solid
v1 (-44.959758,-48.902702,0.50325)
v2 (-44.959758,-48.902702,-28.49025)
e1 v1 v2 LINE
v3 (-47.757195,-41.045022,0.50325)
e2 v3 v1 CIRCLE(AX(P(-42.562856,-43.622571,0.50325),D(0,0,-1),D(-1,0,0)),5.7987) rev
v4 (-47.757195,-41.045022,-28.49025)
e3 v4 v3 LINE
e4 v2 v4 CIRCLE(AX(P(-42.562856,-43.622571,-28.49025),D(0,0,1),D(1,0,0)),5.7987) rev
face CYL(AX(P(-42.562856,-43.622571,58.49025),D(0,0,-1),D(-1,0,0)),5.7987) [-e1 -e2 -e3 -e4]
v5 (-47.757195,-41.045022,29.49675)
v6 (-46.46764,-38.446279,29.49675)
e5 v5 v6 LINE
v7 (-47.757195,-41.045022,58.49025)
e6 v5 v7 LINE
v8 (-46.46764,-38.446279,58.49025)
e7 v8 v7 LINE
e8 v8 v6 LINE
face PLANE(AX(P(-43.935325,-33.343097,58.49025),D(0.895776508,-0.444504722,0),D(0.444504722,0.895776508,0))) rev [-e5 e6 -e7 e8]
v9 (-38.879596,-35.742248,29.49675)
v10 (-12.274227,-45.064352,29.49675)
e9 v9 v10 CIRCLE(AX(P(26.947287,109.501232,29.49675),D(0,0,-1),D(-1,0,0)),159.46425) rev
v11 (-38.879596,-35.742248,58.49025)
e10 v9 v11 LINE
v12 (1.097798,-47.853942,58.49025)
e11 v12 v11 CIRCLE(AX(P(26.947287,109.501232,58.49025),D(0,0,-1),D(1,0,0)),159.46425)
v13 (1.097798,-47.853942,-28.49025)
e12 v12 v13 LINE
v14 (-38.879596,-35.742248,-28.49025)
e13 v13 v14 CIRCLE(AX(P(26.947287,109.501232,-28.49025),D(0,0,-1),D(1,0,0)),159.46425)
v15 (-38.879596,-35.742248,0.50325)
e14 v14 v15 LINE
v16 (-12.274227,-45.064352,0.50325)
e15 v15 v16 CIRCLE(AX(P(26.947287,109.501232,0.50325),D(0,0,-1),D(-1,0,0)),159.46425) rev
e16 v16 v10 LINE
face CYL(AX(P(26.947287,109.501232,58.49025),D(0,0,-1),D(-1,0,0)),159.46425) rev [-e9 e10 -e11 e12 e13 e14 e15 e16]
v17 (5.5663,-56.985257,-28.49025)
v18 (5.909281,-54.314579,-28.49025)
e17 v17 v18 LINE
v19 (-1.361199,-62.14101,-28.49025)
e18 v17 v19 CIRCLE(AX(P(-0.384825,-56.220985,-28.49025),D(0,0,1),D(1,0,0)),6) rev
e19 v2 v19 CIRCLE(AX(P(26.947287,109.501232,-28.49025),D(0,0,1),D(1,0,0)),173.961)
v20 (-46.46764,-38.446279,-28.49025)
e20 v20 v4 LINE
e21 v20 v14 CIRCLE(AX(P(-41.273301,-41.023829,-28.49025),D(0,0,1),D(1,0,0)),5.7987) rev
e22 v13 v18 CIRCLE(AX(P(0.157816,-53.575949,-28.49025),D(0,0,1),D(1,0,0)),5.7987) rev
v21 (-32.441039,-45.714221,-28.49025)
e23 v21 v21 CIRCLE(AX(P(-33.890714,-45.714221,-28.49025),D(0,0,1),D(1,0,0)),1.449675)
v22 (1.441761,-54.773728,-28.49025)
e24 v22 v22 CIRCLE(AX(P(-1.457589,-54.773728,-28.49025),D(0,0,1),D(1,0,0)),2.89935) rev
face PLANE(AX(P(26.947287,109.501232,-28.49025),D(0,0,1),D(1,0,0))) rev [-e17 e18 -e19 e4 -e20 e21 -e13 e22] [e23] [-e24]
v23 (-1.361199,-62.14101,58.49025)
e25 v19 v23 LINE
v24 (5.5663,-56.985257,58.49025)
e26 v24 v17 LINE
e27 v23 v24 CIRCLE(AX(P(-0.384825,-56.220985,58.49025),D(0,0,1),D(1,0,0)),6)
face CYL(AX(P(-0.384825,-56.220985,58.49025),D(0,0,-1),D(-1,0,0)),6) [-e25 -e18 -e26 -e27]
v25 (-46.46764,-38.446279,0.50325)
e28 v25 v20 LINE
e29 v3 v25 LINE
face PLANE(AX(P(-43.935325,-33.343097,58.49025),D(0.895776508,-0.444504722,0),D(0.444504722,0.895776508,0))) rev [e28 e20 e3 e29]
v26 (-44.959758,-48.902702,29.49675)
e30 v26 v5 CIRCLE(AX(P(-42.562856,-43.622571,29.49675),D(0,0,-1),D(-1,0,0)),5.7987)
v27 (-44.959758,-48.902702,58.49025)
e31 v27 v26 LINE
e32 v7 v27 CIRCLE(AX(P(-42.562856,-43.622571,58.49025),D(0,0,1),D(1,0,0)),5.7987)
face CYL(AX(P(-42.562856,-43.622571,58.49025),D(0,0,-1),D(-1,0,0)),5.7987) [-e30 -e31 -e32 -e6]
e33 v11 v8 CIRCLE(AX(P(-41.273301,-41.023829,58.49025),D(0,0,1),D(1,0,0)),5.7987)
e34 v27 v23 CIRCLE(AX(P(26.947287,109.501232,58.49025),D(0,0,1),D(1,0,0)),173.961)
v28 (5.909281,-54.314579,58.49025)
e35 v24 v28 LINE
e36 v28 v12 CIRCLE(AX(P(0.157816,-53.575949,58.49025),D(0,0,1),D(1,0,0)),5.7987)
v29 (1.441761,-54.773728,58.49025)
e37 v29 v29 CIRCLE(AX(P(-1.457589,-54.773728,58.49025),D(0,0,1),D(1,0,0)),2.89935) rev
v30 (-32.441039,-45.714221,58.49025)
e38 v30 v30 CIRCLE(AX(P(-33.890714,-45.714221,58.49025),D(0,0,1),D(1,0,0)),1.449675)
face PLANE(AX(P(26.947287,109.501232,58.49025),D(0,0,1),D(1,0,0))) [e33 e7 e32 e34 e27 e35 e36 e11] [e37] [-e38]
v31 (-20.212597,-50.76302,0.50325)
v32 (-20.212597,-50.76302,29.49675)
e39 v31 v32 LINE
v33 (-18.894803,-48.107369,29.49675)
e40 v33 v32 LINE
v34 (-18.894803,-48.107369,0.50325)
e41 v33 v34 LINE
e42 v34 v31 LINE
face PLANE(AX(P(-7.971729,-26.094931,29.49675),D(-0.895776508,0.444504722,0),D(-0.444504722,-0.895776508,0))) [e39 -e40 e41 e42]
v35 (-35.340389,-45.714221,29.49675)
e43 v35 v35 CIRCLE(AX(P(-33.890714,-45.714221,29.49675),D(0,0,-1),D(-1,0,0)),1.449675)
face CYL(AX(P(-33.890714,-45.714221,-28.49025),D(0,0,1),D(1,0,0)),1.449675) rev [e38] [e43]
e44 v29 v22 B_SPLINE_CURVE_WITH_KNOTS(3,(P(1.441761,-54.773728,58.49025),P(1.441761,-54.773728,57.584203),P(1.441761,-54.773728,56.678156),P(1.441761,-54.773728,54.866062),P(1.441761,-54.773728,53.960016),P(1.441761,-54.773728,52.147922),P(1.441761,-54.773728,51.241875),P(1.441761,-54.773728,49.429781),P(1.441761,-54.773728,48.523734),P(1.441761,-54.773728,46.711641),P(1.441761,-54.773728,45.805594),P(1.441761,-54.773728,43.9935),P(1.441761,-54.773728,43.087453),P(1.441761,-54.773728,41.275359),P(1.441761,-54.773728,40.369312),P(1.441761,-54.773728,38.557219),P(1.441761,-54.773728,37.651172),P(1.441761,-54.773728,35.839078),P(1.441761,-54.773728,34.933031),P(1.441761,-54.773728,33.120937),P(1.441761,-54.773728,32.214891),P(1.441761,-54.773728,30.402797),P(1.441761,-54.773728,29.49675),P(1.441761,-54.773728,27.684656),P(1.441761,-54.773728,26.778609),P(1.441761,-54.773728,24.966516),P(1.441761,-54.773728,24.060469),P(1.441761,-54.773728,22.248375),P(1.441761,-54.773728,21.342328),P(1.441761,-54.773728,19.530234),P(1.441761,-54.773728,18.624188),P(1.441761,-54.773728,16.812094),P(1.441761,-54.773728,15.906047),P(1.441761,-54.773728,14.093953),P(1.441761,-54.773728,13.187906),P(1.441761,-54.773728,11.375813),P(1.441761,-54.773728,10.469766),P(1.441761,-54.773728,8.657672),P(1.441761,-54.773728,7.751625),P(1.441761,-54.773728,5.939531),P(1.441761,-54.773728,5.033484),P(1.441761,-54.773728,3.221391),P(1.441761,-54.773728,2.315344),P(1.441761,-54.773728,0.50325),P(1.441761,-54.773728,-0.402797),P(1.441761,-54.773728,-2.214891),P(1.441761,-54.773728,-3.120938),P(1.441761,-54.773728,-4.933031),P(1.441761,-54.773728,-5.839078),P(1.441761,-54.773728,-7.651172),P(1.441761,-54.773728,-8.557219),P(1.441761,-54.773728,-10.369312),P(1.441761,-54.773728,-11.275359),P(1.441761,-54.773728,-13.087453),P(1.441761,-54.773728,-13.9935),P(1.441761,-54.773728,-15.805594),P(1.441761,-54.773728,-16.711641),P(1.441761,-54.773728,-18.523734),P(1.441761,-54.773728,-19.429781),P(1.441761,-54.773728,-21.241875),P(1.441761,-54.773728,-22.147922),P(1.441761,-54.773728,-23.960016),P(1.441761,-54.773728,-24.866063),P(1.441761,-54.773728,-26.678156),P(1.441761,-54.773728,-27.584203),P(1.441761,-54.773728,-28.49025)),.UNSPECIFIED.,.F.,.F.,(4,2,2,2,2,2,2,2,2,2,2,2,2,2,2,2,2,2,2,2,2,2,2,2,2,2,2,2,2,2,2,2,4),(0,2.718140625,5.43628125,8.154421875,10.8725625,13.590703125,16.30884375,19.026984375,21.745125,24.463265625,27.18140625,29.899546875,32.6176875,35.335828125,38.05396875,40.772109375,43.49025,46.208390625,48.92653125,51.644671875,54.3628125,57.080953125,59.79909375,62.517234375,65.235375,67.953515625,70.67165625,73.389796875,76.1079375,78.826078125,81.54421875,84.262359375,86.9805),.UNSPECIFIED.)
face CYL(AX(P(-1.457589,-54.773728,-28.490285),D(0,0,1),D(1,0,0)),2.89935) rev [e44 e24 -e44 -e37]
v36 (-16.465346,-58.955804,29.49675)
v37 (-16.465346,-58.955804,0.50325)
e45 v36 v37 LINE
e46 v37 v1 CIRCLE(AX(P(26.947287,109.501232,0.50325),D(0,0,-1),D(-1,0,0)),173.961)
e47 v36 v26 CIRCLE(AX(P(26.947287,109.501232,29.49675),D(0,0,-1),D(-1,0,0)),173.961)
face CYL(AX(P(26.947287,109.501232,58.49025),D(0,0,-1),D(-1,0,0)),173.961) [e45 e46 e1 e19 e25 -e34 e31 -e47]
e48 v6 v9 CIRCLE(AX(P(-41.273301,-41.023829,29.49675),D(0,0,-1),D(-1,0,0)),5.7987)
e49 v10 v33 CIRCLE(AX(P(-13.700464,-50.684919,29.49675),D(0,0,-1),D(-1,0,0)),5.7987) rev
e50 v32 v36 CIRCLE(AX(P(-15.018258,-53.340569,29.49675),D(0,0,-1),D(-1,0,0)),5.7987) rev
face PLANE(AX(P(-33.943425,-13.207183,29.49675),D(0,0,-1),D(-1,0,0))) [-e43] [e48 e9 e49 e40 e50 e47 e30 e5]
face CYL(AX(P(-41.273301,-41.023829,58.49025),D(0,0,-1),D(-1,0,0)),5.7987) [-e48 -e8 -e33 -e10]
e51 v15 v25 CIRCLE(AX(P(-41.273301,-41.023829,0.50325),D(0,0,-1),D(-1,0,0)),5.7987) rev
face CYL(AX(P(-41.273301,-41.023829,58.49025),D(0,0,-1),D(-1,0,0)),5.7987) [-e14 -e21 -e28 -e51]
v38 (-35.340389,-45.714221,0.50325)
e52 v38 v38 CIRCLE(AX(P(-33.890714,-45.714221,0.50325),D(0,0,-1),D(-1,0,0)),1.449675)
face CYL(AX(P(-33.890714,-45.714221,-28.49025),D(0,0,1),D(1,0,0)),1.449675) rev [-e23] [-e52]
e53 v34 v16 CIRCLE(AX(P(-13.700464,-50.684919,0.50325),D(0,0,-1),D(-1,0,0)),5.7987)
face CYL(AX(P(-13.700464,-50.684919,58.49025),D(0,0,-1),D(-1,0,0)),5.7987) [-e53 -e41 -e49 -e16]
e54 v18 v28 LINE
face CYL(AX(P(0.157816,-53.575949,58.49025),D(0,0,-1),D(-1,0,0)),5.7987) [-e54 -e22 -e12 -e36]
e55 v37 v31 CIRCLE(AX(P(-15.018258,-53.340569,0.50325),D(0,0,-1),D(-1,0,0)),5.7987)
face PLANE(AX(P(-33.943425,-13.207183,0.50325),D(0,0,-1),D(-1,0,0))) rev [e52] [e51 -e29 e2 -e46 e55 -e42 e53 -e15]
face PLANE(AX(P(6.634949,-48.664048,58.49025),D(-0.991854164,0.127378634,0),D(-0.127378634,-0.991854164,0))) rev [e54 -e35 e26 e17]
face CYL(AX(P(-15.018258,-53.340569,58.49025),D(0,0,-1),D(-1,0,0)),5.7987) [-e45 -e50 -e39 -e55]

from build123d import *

# Parameters (mm, degrees)
BOSS_EXTRUDE1_DEPTH     = 30
SKETCH2_W               = 10
SKETCH2_H               = 10
CUT_EXTRUDE2_DEPTH      = 37.330733855
SKETCH3_R               = 0.5
CUT_EXTRUDE3_DEPTH      = 30
FILLET1_R               = 2
SKETCH4_W               = 30
SKETCH4_H               = 5
BOSS_EXTRUDE2_DEPTH     = 10
FILLET2_R               = 2
FILLET3_R               = 2
CUT_EXTRUDE4_DEPTH      = 80.110177146
SKETCH6_W               = 10
SKETCH6_H               = 6
SKETCH8_W               = 10
SKETCH8_H               = 2.121165988
CUT_EXTRUDE5_DEPTH      = 80.110177146
FILLET4_R               = 8
CUT_EXTRUDE6_DEPTH      = 80.110177146
CUT_EXTRUDE6_DEPTH_BACK = 50
SCALE1_SCALE            = 1.9329
SCALE2_SCALE            = 1.5
CUT_EXTRUDE7_DEPTH      = 134.461525953
CUT_EXTRUDE7_DEPTH_BACK = 134.461525953
SKETCH10_R              = 280.344567012
SKETCH10_R_2            = 173.961
FILLET5_R               = 6


with BuildPart() as part:
    # Sketch1 → Boss-Extrude1 (new body)
    with BuildSketch(Plane.XY):
        with BuildLine():
            Line((-24.447759697, -49.267707941), (-26.670283306, -53.746590482))
            ThreePointArc((-26.670283306, -53.746590482), (-17.396934794, -57.422527459), (-7.642718065, -59.511249866))
            Line((-7.642718065, -59.511249866), (-7.005824893, -54.551979044))
            ThreePointArc((-7.005824893, -54.551979044), (-15.947190228, -52.637316837), (-24.447759697, -49.267707941))
        make_face()
    extrude(amount=BOSS_EXTRUDE1_DEPTH)

    # Sketch2 → Cut-Extrude2 (cut, through all)
    with BuildSketch(Plane(origin=(-26.670283306, -53.746590482, 0), x_dir=(0, 0, -1), z_dir=(0.4445047217595844, 0.8957765080272169, 0))):
        with Locations((-15, -5)):
            Rectangle(SKETCH2_W, SKETCH2_H)
    extrude(amount=CUT_EXTRUDE2_DEPTH, mode=Mode.SUBTRACT)

    # Sketch3 → Cut-Extrude3 (cut)
    with BuildSketch(Plane.XY.offset(30)):
        with Locations((-20.983324138, -53.534569281)):
            Circle(SKETCH3_R)
    extrude(amount=-CUT_EXTRUDE3_DEPTH, mode=Mode.SUBTRACT)

    # Fillet1
    fillet1_edges = [part.edges().sort_by_distance(p)[0] for p in [
        (-26.670283306, -53.746590482, 5),
        (-24.447759697, -49.267707941, 5),
        (-15.082503417, -52.891569183, 15),
        (-17.339488899, -57.439900111, 15),
        (-26.670283306, -53.746590482, 25),
        (-24.447759697, -49.267707941, 25),
    ]]
    fillet(fillet1_edges, radius=FILLET1_R)

    # Sketch4 → Boss-Extrude2 (add)
    with BuildSketch(Plane(origin=(-7.515339431, -58.519395701, 0), x_dir=(0, 0, -1), z_dir=(-0.12737863441697944, -0.9918541644284535, 0))):
        with Locations((-15, -2.5)):
            Rectangle(SKETCH4_W, SKETCH4_H)
    extrude(amount=BOSS_EXTRUDE2_DEPTH)

    # Fillet2
    fillet2_edges = [part.edges().sort_by_distance(p)[0] for p in [
        (-12.575405439, -58.667360415, 15),
    ]]
    fillet(fillet2_edges, radius=FILLET2_R)

    # Fillet3
    fillet3_edges = [part.edges().sort_by_distance(p)[0] for p in [
        (-7.005824893, -54.551979044, 15),
    ]]
    fillet(fillet3_edges, radius=FILLET3_R)

    # Sketch5 → Cut-Extrude4 (cut, through all)
    with BuildSketch(Plane.XY.offset(30)):
        with BuildLine():
            ThreePointArc((-10.9503146, -65.639855348), (-11.509930999, -66.072093113), (-11.077693234, -66.631709513))
            Line((-11.077693234, -66.631709513), (-10.9503146, -65.639855348))
        make_face()
        with BuildLine():
            Line((-10.9503146, -65.639855348), (-11.077693234, -66.631709513))
            ThreePointArc((-11.077693234, -66.631709513), (-10.683734829, -66.51117866), (-10.514003917, -66.135782431))
            ThreePointArc((-10.514003917, -66.135782431), (-10.638607687, -65.805513342), (-10.9503146, -65.639855348))
        make_face()
    extrude(amount=-CUT_EXTRUDE4_DEPTH, mode=Mode.SUBTRACT)

    # Cut-Sweep1: sweep along a path in Sketch7
    with BuildLine(Plane.XY) as cut_sweep1_path:
        Line((-8.024853968, -62.486812359), (-12.806249613, -60.46486559))
    # Sketch6 → Cut-Sweep1 (sweep, cut)
    with BuildSketch(Plane(origin=(0, 0, 0), x_dir=(0, 0, -1), z_dir=(0.9918541644284535, -0.1273786344169795, 0))):
        with Locations((-15, -66)):
            Rectangle(SKETCH6_W, SKETCH6_H)
    sweep(path=cut_sweep1_path.line, mode=Mode.SUBTRACT)

    # Sketch8 → Cut-Extrude5 (cut, through all)
    with BuildSketch(Plane(origin=(0, 0, 0), x_dir=(0, 0, -1), z_dir=(0.9918541644284535, -0.1273786344169795, 0))):
        with Locations((-15, -67.939417006)):
            Rectangle(SKETCH8_W, SKETCH8_H)
    extrude(amount=-CUT_EXTRUDE5_DEPTH, mode=Mode.SUBTRACT)

    # Fillet4
    fillet4_edges = [part.edges().sort_by_distance(p)[0] for p in [
        (-12.806249613, -60.46486559, 15),
    ]]
    fillet(fillet4_edges, radius=FILLET4_R)

    # Sketch9 → Cut-Extrude6 (cut, two sides: drawn at the far end of the back side and taken through both)
    with BuildSketch(Plane(origin=(0, 0, 0), x_dir=(-1, 0, 0), z_dir=(0, 0, -1)).offset(-CUT_EXTRUDE6_DEPTH_BACK)):
        with BuildLine():
            ThreePointArc((10.780840063, -56.480292913), (8.989884423, -56.068817625), (9.924359498, -57.651091416))
            Line((9.924359498, -57.651091416), (9.796980863, -56.659237252))
            ThreePointArc((9.796980863, -56.659237252), (10.28929948, -56.571903947), (10.780840063, -56.480292913))
        make_face()
        with BuildLine():
            Line((9.796980863, -56.659237252), (9.924359498, -57.651091416))
            ThreePointArc((9.924359498, -57.651091416), (10.547773323, -57.319775428), (10.796980863, -56.659237252))
            ThreePointArc((10.796980863, -56.659237252), (10.792937489, -56.569401844), (10.780840063, -56.480292913))
            ThreePointArc((10.780840063, -56.480292913), (10.28929948, -56.571903947), (9.796980863, -56.659237252))
        make_face()
    extrude(amount=CUT_EXTRUDE6_DEPTH + CUT_EXTRUDE6_DEPTH_BACK, mode=Mode.SUBTRACT)


with BuildPart() as part_1:
    # Scale1: scaled about (-14.187636467, -57.651950404, 15)
    add(part.part.scale(SCALE1_SCALE).moved(Location((13.23564606, 53.783504532, -13.9935))))


with BuildPart() as part_2:
    # Scale2: scaled about (-14.187636468, -57.651950404, 15)
    add(part_1.part.scale(SCALE2_SCALE).moved(Location((7.093818234, 28.825975202, -7.5))))

    # Sketch10 → Cut-Extrude7 (cut, two sides: drawn at the far end of the back side and taken through both)
    with BuildSketch(Plane.XY.offset(58.49025).offset(-CUT_EXTRUDE7_DEPTH_BACK)):
        with Locations((26.947287324, 109.501231999)):
            Circle(SKETCH10_R)
        with Locations((26.947287324, 109.501231999)):
            Circle(SKETCH10_R_2, mode=Mode.SUBTRACT)
    extrude(amount=CUT_EXTRUDE7_DEPTH + CUT_EXTRUDE7_DEPTH_BACK, mode=Mode.SUBTRACT)

    # Fillet5
    fillet5_edges = [part_2.edges().sort_by_distance(p)[0] for p in [
        (4.788372702, -63.042710299, 15),
    ]]
    fillet(fillet5_edges, radius=FILLET5_R)


solid = part_2.part
